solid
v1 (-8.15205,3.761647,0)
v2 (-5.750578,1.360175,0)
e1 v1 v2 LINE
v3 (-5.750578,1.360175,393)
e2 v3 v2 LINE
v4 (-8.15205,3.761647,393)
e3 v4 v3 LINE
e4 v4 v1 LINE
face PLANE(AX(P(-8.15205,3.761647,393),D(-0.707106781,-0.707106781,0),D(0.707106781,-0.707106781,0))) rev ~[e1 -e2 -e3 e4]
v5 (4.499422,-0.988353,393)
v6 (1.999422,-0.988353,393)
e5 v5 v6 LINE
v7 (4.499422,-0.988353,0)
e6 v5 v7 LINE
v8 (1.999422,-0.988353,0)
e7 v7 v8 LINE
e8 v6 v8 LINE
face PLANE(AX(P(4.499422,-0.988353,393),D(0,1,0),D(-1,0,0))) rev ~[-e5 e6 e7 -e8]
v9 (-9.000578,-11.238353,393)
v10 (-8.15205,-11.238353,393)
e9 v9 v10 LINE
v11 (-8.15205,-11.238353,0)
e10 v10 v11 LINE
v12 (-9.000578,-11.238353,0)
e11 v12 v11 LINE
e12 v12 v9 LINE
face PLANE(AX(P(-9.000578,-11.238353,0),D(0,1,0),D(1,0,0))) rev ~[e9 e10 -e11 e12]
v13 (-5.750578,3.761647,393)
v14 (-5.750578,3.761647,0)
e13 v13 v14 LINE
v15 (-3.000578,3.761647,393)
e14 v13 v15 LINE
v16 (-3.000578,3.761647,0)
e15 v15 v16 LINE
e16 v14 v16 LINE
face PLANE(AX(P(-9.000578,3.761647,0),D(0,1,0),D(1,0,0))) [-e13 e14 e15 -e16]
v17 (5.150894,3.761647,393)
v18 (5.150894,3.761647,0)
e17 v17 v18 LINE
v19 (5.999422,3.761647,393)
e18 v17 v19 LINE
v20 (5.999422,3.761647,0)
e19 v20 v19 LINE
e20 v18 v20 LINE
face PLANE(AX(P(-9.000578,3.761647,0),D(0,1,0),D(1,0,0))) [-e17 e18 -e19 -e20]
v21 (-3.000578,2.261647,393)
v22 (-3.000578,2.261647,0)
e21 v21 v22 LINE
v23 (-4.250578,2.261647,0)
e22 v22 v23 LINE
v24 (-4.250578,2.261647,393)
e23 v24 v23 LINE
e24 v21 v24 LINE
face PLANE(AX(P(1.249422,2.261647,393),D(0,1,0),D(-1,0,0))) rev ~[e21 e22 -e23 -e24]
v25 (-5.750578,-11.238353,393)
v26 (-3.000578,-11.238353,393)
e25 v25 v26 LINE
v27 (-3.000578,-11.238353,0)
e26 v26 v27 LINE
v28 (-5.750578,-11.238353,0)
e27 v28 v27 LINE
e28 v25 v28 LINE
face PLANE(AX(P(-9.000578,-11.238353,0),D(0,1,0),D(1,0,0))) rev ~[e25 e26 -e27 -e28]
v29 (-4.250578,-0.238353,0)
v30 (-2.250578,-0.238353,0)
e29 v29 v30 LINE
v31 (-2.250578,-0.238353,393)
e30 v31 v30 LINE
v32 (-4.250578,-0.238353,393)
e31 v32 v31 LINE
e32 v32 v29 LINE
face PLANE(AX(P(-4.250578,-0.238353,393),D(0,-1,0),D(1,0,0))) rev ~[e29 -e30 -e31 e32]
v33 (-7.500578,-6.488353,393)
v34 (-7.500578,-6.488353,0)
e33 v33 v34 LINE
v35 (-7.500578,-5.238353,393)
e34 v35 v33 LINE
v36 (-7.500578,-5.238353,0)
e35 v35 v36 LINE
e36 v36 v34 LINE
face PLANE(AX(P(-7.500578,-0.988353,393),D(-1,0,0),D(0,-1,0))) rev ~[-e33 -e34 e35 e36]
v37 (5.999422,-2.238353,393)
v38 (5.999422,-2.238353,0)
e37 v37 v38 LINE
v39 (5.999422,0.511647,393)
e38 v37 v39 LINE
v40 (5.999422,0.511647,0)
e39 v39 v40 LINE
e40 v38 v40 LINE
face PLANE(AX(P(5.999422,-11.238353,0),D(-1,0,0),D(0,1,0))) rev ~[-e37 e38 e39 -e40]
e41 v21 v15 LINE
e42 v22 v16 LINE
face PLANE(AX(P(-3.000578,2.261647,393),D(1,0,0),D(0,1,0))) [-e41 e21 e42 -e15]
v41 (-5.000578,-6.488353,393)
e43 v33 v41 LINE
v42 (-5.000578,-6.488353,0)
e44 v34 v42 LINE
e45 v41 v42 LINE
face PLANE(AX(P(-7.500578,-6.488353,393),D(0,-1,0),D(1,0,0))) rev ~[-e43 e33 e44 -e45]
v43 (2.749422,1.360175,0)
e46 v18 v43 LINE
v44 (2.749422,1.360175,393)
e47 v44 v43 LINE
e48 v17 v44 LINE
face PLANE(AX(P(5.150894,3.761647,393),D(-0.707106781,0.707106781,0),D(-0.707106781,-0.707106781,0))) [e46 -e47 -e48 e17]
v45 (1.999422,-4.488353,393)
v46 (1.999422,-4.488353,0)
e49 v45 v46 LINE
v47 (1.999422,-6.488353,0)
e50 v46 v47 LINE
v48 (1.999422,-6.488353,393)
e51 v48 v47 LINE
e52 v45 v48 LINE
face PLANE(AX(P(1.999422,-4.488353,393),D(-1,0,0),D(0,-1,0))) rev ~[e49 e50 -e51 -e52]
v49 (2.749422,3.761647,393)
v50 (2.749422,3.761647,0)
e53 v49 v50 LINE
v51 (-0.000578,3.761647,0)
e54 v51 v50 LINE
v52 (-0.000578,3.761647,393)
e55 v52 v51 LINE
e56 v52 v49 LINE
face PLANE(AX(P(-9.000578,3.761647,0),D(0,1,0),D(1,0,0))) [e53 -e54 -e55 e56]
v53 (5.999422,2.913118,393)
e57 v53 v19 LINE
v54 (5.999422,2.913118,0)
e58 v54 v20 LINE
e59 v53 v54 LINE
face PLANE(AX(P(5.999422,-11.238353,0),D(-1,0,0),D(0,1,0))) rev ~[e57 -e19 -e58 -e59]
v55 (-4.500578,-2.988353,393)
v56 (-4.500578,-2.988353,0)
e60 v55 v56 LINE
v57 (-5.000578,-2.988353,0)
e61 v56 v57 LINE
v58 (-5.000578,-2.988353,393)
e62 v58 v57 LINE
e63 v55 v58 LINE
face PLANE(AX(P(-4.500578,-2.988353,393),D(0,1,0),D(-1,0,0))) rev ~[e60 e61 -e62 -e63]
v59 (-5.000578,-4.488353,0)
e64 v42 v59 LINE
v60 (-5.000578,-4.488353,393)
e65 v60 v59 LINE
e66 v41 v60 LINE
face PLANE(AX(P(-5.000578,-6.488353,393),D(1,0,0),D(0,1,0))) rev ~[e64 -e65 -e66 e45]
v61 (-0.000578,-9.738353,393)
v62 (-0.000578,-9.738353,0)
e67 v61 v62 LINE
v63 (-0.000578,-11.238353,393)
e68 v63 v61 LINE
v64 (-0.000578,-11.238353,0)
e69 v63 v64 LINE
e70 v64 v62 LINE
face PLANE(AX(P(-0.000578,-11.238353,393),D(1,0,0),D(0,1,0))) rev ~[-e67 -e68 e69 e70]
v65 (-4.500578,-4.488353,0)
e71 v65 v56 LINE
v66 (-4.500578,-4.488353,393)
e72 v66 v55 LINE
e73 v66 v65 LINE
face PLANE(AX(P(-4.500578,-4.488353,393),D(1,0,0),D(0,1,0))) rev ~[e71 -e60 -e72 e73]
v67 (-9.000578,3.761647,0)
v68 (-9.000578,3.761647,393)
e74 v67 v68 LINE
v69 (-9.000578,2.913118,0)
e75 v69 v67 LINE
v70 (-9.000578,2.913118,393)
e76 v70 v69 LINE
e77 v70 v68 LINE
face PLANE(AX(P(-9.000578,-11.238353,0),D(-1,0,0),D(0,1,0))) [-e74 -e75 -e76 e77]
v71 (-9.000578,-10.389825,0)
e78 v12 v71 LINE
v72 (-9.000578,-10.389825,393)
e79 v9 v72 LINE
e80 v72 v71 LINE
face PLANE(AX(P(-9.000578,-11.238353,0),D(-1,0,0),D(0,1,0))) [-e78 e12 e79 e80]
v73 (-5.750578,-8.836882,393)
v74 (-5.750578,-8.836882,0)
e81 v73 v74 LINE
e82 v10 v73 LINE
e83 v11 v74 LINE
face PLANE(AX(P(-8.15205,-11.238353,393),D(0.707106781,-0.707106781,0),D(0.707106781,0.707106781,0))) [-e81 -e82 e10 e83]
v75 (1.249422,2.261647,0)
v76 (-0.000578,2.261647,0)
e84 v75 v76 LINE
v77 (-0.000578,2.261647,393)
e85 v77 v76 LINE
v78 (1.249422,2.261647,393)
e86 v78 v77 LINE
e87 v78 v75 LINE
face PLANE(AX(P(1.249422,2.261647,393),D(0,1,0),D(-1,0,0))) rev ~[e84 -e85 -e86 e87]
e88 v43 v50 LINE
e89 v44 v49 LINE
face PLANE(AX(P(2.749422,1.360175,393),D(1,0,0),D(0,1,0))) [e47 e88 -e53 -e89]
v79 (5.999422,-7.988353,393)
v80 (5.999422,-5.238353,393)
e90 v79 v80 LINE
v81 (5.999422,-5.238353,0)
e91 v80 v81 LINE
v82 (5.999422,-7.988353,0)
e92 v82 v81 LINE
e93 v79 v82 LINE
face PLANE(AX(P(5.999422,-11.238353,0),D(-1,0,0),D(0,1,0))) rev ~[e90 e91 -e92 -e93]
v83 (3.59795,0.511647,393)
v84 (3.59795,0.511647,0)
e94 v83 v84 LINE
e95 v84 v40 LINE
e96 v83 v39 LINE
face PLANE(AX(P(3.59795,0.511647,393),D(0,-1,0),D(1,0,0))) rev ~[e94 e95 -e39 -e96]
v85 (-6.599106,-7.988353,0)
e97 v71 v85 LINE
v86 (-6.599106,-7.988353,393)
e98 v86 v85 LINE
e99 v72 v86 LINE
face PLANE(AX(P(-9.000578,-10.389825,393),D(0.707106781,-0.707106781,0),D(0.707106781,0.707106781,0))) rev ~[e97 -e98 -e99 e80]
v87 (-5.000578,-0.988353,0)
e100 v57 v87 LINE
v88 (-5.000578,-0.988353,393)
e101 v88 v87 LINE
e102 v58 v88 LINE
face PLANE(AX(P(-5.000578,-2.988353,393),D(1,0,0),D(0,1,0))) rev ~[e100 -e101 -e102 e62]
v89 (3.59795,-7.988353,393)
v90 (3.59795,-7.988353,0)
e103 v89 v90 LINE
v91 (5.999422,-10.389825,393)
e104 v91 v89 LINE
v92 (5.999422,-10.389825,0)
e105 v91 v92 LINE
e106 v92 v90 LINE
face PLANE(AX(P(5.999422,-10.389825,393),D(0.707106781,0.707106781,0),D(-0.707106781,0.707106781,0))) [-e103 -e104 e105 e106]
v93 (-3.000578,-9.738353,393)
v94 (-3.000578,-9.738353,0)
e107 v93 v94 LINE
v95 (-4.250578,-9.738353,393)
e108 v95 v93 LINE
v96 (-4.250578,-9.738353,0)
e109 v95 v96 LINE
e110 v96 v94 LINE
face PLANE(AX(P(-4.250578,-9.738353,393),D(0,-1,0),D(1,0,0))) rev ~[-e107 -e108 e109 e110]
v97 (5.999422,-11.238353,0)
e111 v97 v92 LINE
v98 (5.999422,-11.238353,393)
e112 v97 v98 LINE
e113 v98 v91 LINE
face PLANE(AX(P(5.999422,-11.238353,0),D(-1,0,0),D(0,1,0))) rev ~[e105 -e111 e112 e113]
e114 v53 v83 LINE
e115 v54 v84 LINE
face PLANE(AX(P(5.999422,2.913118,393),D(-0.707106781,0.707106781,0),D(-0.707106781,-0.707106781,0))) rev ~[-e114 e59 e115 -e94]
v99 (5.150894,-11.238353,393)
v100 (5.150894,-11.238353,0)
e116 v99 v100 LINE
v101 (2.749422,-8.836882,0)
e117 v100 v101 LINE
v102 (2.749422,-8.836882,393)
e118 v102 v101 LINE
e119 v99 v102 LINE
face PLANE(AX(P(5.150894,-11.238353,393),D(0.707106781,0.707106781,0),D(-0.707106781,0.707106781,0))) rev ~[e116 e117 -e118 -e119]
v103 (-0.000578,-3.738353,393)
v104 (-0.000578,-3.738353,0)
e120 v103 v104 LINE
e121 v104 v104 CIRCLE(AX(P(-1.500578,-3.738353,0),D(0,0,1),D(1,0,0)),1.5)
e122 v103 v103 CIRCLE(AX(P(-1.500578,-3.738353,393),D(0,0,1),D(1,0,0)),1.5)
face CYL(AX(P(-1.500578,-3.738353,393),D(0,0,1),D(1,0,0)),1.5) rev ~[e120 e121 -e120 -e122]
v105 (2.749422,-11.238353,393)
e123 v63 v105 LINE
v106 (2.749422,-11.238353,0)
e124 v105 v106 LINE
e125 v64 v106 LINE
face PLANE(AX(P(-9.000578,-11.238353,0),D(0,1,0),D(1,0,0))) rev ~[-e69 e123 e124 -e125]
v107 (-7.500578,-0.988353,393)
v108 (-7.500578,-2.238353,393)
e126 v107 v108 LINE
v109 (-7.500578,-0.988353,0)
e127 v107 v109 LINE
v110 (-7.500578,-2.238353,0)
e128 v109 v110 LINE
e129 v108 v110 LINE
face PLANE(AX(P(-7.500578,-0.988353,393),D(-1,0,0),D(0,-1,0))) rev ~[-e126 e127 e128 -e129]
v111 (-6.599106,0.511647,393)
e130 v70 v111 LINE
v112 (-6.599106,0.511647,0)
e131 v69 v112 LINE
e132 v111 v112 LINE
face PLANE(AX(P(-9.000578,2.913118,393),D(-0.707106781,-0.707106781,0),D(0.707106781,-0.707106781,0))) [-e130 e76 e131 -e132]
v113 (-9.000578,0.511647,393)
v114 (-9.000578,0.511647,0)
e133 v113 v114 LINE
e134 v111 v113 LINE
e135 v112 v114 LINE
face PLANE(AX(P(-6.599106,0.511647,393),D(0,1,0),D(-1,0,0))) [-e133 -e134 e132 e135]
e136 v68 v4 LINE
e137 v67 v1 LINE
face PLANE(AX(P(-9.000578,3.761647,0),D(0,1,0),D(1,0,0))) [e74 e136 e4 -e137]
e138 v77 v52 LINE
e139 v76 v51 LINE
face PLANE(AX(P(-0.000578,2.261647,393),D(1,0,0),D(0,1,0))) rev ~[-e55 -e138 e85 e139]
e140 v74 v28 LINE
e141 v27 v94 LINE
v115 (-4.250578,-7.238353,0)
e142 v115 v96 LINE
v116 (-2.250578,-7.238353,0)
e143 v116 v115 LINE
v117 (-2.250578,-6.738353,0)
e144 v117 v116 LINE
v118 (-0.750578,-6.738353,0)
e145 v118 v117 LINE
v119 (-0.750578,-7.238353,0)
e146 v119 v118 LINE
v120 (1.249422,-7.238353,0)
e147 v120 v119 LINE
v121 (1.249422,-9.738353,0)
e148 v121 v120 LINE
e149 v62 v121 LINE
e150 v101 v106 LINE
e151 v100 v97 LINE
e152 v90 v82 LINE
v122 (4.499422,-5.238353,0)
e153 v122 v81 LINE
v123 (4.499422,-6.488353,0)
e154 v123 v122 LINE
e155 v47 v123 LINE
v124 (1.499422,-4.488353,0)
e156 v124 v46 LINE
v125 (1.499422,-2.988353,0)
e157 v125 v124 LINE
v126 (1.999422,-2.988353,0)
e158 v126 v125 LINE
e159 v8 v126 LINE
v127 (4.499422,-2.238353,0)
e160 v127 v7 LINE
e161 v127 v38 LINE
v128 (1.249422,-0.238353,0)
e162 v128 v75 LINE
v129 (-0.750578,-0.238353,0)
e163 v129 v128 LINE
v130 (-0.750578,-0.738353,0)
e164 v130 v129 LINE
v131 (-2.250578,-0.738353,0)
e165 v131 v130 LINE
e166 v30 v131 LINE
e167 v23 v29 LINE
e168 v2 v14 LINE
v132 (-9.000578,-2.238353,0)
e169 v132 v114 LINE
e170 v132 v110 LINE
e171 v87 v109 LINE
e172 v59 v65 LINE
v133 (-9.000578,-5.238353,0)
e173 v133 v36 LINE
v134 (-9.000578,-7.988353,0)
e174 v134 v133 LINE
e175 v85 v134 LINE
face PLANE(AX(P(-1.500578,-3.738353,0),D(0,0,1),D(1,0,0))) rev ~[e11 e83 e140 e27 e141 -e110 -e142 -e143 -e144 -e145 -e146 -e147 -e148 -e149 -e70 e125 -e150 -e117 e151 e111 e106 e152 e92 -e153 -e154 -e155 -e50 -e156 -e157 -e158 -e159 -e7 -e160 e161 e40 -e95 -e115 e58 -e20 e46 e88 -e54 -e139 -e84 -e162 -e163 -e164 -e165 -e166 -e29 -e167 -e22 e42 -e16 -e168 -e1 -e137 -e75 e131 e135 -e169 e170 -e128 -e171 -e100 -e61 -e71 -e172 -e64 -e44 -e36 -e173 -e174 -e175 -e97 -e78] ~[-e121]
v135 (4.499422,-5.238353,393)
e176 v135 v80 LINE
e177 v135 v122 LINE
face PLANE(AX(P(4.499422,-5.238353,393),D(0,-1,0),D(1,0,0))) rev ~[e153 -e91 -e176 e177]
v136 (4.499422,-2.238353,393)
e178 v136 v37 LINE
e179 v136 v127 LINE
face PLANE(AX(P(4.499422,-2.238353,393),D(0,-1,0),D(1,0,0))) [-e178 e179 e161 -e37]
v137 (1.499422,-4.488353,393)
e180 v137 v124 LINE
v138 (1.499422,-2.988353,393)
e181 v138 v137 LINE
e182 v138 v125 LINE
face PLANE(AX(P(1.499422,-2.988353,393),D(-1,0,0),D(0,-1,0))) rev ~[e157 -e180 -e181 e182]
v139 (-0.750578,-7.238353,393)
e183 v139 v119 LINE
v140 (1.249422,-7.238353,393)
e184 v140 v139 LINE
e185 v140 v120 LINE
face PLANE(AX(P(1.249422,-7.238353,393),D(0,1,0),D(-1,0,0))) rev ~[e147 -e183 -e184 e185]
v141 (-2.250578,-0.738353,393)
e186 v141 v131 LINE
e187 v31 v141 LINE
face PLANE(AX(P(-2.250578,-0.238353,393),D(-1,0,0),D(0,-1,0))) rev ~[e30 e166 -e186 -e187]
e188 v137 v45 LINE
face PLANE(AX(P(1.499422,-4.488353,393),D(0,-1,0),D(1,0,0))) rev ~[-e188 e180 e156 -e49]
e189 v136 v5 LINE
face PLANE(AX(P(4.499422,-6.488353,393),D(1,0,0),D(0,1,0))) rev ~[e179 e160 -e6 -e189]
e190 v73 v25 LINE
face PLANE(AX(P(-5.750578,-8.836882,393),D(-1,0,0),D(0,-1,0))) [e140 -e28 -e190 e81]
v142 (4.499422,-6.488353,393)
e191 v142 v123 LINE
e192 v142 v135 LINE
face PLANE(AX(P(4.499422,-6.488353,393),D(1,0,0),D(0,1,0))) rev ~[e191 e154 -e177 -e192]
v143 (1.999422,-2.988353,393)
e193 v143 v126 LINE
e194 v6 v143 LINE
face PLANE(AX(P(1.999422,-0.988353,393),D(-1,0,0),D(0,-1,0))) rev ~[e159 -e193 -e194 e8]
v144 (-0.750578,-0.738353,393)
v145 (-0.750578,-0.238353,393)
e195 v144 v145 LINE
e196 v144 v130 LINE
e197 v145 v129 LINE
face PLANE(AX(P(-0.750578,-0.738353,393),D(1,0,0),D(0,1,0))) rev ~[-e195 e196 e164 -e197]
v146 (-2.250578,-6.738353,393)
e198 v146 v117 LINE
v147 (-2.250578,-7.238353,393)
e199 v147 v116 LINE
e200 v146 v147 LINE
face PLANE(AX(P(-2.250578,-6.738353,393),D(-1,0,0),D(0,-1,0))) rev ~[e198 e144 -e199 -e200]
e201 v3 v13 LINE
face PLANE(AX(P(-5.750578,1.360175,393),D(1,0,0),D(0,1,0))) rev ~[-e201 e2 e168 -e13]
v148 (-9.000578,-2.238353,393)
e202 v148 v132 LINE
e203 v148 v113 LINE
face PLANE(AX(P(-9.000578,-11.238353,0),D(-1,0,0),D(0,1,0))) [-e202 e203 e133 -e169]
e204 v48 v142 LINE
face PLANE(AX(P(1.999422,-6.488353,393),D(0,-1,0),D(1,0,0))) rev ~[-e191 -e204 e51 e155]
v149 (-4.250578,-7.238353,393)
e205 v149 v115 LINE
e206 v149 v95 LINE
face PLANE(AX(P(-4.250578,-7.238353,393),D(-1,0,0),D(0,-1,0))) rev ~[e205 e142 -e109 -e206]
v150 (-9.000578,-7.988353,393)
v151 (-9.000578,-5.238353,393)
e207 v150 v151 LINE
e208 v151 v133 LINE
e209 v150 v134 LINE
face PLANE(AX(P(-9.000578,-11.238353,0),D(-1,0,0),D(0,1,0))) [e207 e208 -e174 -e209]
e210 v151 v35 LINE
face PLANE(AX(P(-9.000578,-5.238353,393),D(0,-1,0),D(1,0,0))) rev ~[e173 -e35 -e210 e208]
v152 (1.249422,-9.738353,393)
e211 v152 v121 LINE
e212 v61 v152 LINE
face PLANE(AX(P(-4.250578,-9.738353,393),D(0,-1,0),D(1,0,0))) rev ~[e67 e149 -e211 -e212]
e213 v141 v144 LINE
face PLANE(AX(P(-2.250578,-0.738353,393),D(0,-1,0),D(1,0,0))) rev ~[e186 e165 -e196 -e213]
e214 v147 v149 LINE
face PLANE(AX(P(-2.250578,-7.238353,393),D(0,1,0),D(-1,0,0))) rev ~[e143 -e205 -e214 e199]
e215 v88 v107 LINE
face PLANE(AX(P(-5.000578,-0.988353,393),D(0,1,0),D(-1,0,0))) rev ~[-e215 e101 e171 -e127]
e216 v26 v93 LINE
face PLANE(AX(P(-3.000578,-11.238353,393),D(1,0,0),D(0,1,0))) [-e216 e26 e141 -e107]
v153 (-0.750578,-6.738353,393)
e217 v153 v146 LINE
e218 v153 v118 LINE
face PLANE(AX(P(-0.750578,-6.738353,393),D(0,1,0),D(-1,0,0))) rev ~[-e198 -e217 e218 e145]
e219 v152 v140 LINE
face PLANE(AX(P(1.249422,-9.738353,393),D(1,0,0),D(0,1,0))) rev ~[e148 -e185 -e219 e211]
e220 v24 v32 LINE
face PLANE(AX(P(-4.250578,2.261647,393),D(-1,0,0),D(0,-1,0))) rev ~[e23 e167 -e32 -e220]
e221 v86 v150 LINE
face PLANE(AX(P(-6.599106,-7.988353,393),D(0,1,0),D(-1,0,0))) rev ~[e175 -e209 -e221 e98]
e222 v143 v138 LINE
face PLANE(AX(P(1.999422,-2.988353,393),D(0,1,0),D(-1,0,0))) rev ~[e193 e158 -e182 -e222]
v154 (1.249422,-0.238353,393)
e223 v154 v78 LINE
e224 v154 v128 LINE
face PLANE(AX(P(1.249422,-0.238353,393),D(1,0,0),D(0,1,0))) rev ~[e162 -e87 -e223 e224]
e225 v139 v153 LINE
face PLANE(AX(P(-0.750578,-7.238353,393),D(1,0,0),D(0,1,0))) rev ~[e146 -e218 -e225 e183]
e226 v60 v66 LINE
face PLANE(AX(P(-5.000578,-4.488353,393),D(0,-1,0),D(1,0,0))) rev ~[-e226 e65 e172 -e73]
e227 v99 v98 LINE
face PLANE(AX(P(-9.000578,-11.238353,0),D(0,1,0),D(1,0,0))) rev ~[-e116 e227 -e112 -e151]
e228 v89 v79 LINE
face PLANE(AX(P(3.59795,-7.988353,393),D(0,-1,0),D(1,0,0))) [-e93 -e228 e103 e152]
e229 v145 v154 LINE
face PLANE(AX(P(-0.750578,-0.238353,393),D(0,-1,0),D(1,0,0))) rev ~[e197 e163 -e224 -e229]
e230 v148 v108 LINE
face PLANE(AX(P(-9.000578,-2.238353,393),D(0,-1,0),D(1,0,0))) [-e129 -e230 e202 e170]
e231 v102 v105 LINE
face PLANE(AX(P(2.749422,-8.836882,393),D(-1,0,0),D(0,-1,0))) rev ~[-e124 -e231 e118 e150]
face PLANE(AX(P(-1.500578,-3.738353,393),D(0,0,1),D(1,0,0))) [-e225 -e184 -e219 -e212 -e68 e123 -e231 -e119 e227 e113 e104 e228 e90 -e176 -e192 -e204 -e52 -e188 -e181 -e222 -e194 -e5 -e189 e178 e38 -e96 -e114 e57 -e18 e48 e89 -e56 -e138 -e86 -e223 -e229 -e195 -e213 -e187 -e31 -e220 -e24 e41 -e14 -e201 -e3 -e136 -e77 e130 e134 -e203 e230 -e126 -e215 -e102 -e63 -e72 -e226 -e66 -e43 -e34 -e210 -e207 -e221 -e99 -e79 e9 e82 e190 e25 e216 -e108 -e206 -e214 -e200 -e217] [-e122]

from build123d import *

# Parameters (mm, degrees)
SKETCH1_W           = 15
SKETCH1_H           = 15
BOSS_EXTRUDE1_DEPTH = 393
SKETCH2_R           = 1.5
CUT_EXTRUDE1_DEPTH  = 393
SKETCH3_W           = 3
SKETCH3_H           = 1.5
SKETCH3_W_2         = 1.5
SKETCH3_H_2         = 3
CUT_EXTRUDE2_DEPTH  = 393


with BuildPart() as part:
    # Sketch1 → Boss-Extrude1 (new body)
    with BuildSketch(Plane.XY):
        with Locations((-1.500578266, -3.738353388)):
            Rectangle(SKETCH1_W, SKETCH1_H)
    extrude(amount=BOSS_EXTRUDE1_DEPTH)

    # Sketch2 → Cut-Extrude1 (cut)
    with BuildSketch(Plane.XY.offset(393)):
        with Locations((-1.500578266, -3.738353388)):
            Circle(SKETCH2_R)
        Polygon((1.999421734, -4.488353388), (1.999421734, -6.488353388), (4.499421734, -6.488353388), (4.499421734, -0.988353388), (1.999421734, -0.988353388), (1.999421734, -2.988353388), (1.499421734, -2.988353388), (1.499421734, -4.488353388), align=None)
        Polygon((-4.250578266, -7.238353388), (-4.250578266, -9.738353388), (1.249421734, -9.738353388), (1.249421734, -7.238353388), (-0.750578266, -7.238353388), (-0.750578266, -6.738353388), (-2.250578266, -6.738353388), (-2.250578266, -7.238353388), align=None)
        Polygon((-5.000578266, -0.988353388), (-7.500578266, -0.988353388), (-7.500578266, -6.488353388), (-5.000578266, -6.488353388), (-5.000578266, -4.488353388), (-4.500578266, -4.488353388), (-4.500578266, -2.988353388), (-5.000578266, -2.988353388), align=None)
        Polygon((1.249421734, -0.238353388), (1.249421734, 2.261646612), (-4.250578266, 2.261646612), (-4.250578266, -0.238353388), (-2.250578266, -0.238353388), (-2.250578266, -0.738353388), (-0.750578266, -0.738353388), (-0.750578266, -0.238353388), align=None)
    extrude(amount=-CUT_EXTRUDE1_DEPTH, mode=Mode.SUBTRACT)

    # Sketch3 → Cut-Extrude2 (cut)
    with BuildSketch(Plane.XY.offset(393)):
        Polygon((5.150893596, 3.761646612), (2.749421734, 1.360174749), (2.749421734, 3.761646612), align=None)
        Polygon((5.999421734, 0.511646612), (5.999421734, 2.913118474), (3.597949871, 0.511646612), align=None)
        with Locations((-1.500578266, 3.011646612)):
            Rectangle(SKETCH3_W, SKETCH3_H)
        Polygon((2.749421734, -8.836881526), (2.749421734, -11.238353388), (5.150893596, -11.238353388), align=None)
        Polygon((5.999421734, -10.389825251), (3.597949871, -7.988353388), (5.999421734, -7.988353388), align=None)
        with Locations((5.249421734, -3.738353388)):
            Rectangle(SKETCH3_W_2, SKETCH3_H_2)
        Polygon((-6.599106404, -7.988353388), (-9.000578266, -7.988353388), (-9.000578266, -10.389825251), align=None)
        Polygon((-8.152050129, -11.238353388), (-5.750578266, -8.836881526), (-5.750578266, -11.238353388), align=None)
        with Locations((-1.500578266, -10.488353388)):
            Rectangle(SKETCH3_W, SKETCH3_H)
        Polygon((-5.750578266, 1.360174749), (-5.750578266, 3.761646612), (-8.152050129, 3.761646612), align=None)
        Polygon((-9.000578266, 2.913118474), (-6.599106404, 0.511646612), (-9.000578266, 0.511646612), align=None)
        with Locations((-8.250578266, -3.738353388)):
            Rectangle(SKETCH3_W_2, SKETCH3_H_2)
    extrude(amount=-CUT_EXTRUDE2_DEPTH, mode=Mode.SUBTRACT)


solid = part.part
